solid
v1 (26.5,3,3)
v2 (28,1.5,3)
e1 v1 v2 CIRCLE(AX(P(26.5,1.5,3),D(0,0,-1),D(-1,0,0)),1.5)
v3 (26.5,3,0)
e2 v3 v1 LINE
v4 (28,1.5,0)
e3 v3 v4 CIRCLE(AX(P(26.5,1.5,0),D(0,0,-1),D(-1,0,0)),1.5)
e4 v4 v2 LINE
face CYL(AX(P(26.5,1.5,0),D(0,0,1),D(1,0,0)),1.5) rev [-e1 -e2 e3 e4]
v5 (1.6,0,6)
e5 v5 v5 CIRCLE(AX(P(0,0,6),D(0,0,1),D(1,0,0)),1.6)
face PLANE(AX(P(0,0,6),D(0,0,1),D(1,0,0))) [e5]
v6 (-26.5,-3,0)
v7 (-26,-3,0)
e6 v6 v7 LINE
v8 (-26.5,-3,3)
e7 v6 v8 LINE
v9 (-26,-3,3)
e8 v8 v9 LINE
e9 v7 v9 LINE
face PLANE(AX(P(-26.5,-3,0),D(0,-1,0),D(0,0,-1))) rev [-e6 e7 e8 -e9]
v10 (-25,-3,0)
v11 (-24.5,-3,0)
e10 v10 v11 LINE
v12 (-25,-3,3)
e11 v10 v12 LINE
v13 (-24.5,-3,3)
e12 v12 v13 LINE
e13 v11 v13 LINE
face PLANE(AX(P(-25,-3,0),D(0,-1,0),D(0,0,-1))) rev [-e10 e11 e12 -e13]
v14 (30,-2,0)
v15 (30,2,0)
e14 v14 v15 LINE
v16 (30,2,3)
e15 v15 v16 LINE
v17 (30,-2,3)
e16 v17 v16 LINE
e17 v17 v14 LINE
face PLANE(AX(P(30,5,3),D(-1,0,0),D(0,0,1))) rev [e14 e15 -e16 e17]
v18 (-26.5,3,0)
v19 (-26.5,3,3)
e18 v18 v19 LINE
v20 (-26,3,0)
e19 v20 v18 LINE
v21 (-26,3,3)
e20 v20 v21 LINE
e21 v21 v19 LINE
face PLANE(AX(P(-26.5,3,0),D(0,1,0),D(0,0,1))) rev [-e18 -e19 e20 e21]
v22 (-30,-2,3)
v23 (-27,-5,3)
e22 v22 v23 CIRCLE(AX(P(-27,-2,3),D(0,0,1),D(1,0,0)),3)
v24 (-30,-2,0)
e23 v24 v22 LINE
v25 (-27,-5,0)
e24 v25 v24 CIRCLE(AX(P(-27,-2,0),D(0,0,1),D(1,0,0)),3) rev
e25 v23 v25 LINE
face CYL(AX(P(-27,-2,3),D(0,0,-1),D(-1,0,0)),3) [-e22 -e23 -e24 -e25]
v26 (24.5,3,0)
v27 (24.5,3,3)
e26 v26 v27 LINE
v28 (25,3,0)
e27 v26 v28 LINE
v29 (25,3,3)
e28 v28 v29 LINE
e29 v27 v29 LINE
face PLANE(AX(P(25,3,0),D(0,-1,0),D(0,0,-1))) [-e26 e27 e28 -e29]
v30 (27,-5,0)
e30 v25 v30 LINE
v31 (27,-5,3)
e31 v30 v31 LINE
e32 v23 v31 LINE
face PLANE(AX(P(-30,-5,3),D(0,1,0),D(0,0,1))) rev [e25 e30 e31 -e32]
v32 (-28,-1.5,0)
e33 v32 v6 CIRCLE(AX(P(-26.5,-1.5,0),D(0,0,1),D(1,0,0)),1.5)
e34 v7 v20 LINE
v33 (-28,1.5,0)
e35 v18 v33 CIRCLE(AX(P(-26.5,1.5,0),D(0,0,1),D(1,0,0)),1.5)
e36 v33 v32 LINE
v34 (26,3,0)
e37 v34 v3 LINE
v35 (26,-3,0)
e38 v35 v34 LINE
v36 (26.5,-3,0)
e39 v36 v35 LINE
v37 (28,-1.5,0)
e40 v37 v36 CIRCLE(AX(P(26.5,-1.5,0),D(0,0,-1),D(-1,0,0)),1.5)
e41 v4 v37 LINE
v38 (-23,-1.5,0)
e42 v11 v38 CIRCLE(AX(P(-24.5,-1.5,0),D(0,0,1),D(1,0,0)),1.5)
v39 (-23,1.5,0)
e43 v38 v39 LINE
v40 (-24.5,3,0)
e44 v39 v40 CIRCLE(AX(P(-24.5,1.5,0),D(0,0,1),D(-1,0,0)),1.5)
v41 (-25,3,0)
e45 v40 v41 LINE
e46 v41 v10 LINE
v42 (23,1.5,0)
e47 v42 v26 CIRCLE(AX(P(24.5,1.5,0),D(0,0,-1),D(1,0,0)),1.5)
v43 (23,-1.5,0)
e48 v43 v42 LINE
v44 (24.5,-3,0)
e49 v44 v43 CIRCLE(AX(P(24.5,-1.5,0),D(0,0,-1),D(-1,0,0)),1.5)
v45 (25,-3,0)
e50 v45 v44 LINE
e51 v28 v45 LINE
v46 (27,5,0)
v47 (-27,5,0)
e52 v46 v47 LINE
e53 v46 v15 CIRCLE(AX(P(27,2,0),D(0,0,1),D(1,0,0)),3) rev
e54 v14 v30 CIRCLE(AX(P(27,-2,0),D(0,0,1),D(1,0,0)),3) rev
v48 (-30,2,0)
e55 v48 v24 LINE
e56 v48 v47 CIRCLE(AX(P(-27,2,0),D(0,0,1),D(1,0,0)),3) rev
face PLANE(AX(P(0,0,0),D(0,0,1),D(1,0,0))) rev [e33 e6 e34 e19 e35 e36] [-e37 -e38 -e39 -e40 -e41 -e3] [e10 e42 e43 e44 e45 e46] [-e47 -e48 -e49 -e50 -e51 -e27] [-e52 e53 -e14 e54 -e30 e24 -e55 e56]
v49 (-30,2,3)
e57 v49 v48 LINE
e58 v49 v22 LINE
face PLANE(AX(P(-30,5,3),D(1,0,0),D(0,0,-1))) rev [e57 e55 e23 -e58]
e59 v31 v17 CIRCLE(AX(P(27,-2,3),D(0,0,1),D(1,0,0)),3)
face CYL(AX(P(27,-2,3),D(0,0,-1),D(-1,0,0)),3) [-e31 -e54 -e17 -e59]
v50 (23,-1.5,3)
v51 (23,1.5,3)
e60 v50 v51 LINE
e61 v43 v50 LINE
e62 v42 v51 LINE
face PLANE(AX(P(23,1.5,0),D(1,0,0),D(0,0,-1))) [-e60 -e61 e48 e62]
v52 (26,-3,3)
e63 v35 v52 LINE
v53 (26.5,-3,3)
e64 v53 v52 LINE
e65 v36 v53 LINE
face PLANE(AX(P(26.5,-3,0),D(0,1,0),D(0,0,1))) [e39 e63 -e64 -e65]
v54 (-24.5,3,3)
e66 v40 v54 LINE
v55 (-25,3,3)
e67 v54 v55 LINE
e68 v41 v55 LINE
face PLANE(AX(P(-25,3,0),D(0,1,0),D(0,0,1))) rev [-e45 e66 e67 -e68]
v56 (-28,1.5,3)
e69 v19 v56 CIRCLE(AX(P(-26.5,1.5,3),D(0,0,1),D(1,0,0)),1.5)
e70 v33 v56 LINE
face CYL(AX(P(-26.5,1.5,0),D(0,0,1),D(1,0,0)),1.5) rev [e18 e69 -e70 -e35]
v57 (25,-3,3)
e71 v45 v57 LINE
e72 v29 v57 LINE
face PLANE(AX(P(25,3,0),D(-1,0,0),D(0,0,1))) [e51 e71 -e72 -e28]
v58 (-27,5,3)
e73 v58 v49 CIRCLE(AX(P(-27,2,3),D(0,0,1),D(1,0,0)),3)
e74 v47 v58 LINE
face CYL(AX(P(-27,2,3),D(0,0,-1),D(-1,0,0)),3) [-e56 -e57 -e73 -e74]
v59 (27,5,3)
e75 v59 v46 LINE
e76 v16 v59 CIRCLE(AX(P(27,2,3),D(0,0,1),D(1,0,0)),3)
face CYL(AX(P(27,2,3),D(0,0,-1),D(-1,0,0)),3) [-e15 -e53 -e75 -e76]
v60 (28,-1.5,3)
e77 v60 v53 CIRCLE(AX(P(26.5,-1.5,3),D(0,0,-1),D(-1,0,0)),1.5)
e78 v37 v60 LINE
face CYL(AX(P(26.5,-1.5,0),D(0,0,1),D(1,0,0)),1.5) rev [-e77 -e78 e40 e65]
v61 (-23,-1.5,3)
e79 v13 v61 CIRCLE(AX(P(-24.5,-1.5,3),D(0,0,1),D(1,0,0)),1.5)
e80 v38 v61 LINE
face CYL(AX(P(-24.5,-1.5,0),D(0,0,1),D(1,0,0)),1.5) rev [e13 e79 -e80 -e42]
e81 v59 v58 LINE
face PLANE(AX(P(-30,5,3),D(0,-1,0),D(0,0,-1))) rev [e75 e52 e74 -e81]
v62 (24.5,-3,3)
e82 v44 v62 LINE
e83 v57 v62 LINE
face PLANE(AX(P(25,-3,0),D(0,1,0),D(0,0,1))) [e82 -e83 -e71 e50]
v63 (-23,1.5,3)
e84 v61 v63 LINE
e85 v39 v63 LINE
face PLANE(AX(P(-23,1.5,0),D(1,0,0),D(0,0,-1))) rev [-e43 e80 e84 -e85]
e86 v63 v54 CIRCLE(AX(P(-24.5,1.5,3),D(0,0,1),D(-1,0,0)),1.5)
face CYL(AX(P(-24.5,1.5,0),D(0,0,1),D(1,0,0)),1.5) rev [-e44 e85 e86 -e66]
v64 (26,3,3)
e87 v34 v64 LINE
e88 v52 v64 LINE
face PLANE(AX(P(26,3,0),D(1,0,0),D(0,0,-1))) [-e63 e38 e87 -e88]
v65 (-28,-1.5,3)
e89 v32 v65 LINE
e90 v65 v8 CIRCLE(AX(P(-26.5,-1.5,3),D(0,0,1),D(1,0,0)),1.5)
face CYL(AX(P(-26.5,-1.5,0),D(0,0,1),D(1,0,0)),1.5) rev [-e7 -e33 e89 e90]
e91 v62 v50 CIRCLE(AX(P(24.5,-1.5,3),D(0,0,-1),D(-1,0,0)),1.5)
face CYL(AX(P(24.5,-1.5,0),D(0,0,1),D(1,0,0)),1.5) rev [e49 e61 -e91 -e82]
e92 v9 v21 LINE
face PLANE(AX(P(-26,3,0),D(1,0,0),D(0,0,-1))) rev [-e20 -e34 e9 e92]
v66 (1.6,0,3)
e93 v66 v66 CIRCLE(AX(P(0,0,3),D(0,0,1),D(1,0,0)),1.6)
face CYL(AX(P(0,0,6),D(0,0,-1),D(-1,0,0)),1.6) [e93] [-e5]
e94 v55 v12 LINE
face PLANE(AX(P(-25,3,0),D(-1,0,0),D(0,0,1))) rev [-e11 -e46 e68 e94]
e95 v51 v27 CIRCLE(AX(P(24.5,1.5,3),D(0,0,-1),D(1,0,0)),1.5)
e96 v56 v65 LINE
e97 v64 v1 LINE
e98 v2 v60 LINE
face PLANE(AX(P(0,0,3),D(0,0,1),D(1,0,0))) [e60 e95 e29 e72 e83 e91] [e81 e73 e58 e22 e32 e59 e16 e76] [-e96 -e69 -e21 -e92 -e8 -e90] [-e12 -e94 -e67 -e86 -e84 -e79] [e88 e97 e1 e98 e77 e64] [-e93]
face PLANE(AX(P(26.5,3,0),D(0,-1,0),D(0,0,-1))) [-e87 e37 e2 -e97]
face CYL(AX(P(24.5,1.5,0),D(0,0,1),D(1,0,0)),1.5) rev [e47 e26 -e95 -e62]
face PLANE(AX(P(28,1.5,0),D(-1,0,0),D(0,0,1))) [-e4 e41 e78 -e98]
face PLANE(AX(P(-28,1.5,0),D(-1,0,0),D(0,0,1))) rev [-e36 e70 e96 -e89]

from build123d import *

# Parameters (mm, degrees)
SKETCH1_W           = 60
SKETCH1_H           = 10
BOSS_EXTRUDE1_DEPTH = 3
CUT_EXTRUDE2_DEPTH  = 3
FILLET1_R           = 3
SKETCH2_R           = 1.6
BOSS_EXTRUDE2_DEPTH = 3


with BuildPart() as part:
    # Sketch1 → Boss-Extrude1 (new body)
    with BuildSketch(Plane.XY):
        Rectangle(SKETCH1_W, SKETCH1_H)
    extrude(amount=BOSS_EXTRUDE1_DEPTH)

    # Sketch3 → Cut-Extrude2 (cut)
    with BuildSketch(Plane.XY.offset(3)):
        with BuildLine():
            Line((-26.5, 3), (-26, 3))
            Line((-26, 3), (-26, -3))
            Line((-26, -3), (-26.5, -3))
            ThreePointArc((-26.5, -3), (-27.560660172, -2.560660172), (-28, -1.5))
            Line((-28, -1.5), (-28, 1.5))
            ThreePointArc((-28, 1.5), (-27.560660172, 2.560660172), (-26.5, 3))
        make_face()
        with BuildLine():
            Line((-25, 3), (-24.5, 3))
            ThreePointArc((-24.5, 3), (-23.439339828, 2.560660172), (-23, 1.5))
            Line((-23, 1.5), (-23, -1.5))
            ThreePointArc((-23, -1.5), (-23.439339828, -2.560660172), (-24.5, -3))
            Line((-24.5, -3), (-25, -3))
            Line((-25, -3), (-25, 3))
        make_face()
    cut_extrude2 = extrude(amount=-CUT_EXTRUDE2_DEPTH, mode=Mode.SUBTRACT)

    # Mirror1: Cut-Extrude2 across plane
    add(cut_extrude2.mirror(Plane(origin=(0, 0, 0), x_dir=(0, 0, 1), z_dir=(1, 0, 0))), mode=Mode.SUBTRACT)

    # Fillet1
    fillet1_edges = [part.edges().sort_by_distance(p)[0] for p in [
        (30, -5, 1.5),
        (-30, -5, 1.5),
        (-30, 5, 1.5),
        (30, 5, 1.5),
    ]]
    fillet(fillet1_edges, radius=FILLET1_R)

    # Sketch2 → Boss-Extrude2 (add)
    with BuildSketch(Plane.XY.offset(3)):
        Circle(SKETCH2_R)
    extrude(amount=BOSS_EXTRUDE2_DEPTH)


solid = part.part
